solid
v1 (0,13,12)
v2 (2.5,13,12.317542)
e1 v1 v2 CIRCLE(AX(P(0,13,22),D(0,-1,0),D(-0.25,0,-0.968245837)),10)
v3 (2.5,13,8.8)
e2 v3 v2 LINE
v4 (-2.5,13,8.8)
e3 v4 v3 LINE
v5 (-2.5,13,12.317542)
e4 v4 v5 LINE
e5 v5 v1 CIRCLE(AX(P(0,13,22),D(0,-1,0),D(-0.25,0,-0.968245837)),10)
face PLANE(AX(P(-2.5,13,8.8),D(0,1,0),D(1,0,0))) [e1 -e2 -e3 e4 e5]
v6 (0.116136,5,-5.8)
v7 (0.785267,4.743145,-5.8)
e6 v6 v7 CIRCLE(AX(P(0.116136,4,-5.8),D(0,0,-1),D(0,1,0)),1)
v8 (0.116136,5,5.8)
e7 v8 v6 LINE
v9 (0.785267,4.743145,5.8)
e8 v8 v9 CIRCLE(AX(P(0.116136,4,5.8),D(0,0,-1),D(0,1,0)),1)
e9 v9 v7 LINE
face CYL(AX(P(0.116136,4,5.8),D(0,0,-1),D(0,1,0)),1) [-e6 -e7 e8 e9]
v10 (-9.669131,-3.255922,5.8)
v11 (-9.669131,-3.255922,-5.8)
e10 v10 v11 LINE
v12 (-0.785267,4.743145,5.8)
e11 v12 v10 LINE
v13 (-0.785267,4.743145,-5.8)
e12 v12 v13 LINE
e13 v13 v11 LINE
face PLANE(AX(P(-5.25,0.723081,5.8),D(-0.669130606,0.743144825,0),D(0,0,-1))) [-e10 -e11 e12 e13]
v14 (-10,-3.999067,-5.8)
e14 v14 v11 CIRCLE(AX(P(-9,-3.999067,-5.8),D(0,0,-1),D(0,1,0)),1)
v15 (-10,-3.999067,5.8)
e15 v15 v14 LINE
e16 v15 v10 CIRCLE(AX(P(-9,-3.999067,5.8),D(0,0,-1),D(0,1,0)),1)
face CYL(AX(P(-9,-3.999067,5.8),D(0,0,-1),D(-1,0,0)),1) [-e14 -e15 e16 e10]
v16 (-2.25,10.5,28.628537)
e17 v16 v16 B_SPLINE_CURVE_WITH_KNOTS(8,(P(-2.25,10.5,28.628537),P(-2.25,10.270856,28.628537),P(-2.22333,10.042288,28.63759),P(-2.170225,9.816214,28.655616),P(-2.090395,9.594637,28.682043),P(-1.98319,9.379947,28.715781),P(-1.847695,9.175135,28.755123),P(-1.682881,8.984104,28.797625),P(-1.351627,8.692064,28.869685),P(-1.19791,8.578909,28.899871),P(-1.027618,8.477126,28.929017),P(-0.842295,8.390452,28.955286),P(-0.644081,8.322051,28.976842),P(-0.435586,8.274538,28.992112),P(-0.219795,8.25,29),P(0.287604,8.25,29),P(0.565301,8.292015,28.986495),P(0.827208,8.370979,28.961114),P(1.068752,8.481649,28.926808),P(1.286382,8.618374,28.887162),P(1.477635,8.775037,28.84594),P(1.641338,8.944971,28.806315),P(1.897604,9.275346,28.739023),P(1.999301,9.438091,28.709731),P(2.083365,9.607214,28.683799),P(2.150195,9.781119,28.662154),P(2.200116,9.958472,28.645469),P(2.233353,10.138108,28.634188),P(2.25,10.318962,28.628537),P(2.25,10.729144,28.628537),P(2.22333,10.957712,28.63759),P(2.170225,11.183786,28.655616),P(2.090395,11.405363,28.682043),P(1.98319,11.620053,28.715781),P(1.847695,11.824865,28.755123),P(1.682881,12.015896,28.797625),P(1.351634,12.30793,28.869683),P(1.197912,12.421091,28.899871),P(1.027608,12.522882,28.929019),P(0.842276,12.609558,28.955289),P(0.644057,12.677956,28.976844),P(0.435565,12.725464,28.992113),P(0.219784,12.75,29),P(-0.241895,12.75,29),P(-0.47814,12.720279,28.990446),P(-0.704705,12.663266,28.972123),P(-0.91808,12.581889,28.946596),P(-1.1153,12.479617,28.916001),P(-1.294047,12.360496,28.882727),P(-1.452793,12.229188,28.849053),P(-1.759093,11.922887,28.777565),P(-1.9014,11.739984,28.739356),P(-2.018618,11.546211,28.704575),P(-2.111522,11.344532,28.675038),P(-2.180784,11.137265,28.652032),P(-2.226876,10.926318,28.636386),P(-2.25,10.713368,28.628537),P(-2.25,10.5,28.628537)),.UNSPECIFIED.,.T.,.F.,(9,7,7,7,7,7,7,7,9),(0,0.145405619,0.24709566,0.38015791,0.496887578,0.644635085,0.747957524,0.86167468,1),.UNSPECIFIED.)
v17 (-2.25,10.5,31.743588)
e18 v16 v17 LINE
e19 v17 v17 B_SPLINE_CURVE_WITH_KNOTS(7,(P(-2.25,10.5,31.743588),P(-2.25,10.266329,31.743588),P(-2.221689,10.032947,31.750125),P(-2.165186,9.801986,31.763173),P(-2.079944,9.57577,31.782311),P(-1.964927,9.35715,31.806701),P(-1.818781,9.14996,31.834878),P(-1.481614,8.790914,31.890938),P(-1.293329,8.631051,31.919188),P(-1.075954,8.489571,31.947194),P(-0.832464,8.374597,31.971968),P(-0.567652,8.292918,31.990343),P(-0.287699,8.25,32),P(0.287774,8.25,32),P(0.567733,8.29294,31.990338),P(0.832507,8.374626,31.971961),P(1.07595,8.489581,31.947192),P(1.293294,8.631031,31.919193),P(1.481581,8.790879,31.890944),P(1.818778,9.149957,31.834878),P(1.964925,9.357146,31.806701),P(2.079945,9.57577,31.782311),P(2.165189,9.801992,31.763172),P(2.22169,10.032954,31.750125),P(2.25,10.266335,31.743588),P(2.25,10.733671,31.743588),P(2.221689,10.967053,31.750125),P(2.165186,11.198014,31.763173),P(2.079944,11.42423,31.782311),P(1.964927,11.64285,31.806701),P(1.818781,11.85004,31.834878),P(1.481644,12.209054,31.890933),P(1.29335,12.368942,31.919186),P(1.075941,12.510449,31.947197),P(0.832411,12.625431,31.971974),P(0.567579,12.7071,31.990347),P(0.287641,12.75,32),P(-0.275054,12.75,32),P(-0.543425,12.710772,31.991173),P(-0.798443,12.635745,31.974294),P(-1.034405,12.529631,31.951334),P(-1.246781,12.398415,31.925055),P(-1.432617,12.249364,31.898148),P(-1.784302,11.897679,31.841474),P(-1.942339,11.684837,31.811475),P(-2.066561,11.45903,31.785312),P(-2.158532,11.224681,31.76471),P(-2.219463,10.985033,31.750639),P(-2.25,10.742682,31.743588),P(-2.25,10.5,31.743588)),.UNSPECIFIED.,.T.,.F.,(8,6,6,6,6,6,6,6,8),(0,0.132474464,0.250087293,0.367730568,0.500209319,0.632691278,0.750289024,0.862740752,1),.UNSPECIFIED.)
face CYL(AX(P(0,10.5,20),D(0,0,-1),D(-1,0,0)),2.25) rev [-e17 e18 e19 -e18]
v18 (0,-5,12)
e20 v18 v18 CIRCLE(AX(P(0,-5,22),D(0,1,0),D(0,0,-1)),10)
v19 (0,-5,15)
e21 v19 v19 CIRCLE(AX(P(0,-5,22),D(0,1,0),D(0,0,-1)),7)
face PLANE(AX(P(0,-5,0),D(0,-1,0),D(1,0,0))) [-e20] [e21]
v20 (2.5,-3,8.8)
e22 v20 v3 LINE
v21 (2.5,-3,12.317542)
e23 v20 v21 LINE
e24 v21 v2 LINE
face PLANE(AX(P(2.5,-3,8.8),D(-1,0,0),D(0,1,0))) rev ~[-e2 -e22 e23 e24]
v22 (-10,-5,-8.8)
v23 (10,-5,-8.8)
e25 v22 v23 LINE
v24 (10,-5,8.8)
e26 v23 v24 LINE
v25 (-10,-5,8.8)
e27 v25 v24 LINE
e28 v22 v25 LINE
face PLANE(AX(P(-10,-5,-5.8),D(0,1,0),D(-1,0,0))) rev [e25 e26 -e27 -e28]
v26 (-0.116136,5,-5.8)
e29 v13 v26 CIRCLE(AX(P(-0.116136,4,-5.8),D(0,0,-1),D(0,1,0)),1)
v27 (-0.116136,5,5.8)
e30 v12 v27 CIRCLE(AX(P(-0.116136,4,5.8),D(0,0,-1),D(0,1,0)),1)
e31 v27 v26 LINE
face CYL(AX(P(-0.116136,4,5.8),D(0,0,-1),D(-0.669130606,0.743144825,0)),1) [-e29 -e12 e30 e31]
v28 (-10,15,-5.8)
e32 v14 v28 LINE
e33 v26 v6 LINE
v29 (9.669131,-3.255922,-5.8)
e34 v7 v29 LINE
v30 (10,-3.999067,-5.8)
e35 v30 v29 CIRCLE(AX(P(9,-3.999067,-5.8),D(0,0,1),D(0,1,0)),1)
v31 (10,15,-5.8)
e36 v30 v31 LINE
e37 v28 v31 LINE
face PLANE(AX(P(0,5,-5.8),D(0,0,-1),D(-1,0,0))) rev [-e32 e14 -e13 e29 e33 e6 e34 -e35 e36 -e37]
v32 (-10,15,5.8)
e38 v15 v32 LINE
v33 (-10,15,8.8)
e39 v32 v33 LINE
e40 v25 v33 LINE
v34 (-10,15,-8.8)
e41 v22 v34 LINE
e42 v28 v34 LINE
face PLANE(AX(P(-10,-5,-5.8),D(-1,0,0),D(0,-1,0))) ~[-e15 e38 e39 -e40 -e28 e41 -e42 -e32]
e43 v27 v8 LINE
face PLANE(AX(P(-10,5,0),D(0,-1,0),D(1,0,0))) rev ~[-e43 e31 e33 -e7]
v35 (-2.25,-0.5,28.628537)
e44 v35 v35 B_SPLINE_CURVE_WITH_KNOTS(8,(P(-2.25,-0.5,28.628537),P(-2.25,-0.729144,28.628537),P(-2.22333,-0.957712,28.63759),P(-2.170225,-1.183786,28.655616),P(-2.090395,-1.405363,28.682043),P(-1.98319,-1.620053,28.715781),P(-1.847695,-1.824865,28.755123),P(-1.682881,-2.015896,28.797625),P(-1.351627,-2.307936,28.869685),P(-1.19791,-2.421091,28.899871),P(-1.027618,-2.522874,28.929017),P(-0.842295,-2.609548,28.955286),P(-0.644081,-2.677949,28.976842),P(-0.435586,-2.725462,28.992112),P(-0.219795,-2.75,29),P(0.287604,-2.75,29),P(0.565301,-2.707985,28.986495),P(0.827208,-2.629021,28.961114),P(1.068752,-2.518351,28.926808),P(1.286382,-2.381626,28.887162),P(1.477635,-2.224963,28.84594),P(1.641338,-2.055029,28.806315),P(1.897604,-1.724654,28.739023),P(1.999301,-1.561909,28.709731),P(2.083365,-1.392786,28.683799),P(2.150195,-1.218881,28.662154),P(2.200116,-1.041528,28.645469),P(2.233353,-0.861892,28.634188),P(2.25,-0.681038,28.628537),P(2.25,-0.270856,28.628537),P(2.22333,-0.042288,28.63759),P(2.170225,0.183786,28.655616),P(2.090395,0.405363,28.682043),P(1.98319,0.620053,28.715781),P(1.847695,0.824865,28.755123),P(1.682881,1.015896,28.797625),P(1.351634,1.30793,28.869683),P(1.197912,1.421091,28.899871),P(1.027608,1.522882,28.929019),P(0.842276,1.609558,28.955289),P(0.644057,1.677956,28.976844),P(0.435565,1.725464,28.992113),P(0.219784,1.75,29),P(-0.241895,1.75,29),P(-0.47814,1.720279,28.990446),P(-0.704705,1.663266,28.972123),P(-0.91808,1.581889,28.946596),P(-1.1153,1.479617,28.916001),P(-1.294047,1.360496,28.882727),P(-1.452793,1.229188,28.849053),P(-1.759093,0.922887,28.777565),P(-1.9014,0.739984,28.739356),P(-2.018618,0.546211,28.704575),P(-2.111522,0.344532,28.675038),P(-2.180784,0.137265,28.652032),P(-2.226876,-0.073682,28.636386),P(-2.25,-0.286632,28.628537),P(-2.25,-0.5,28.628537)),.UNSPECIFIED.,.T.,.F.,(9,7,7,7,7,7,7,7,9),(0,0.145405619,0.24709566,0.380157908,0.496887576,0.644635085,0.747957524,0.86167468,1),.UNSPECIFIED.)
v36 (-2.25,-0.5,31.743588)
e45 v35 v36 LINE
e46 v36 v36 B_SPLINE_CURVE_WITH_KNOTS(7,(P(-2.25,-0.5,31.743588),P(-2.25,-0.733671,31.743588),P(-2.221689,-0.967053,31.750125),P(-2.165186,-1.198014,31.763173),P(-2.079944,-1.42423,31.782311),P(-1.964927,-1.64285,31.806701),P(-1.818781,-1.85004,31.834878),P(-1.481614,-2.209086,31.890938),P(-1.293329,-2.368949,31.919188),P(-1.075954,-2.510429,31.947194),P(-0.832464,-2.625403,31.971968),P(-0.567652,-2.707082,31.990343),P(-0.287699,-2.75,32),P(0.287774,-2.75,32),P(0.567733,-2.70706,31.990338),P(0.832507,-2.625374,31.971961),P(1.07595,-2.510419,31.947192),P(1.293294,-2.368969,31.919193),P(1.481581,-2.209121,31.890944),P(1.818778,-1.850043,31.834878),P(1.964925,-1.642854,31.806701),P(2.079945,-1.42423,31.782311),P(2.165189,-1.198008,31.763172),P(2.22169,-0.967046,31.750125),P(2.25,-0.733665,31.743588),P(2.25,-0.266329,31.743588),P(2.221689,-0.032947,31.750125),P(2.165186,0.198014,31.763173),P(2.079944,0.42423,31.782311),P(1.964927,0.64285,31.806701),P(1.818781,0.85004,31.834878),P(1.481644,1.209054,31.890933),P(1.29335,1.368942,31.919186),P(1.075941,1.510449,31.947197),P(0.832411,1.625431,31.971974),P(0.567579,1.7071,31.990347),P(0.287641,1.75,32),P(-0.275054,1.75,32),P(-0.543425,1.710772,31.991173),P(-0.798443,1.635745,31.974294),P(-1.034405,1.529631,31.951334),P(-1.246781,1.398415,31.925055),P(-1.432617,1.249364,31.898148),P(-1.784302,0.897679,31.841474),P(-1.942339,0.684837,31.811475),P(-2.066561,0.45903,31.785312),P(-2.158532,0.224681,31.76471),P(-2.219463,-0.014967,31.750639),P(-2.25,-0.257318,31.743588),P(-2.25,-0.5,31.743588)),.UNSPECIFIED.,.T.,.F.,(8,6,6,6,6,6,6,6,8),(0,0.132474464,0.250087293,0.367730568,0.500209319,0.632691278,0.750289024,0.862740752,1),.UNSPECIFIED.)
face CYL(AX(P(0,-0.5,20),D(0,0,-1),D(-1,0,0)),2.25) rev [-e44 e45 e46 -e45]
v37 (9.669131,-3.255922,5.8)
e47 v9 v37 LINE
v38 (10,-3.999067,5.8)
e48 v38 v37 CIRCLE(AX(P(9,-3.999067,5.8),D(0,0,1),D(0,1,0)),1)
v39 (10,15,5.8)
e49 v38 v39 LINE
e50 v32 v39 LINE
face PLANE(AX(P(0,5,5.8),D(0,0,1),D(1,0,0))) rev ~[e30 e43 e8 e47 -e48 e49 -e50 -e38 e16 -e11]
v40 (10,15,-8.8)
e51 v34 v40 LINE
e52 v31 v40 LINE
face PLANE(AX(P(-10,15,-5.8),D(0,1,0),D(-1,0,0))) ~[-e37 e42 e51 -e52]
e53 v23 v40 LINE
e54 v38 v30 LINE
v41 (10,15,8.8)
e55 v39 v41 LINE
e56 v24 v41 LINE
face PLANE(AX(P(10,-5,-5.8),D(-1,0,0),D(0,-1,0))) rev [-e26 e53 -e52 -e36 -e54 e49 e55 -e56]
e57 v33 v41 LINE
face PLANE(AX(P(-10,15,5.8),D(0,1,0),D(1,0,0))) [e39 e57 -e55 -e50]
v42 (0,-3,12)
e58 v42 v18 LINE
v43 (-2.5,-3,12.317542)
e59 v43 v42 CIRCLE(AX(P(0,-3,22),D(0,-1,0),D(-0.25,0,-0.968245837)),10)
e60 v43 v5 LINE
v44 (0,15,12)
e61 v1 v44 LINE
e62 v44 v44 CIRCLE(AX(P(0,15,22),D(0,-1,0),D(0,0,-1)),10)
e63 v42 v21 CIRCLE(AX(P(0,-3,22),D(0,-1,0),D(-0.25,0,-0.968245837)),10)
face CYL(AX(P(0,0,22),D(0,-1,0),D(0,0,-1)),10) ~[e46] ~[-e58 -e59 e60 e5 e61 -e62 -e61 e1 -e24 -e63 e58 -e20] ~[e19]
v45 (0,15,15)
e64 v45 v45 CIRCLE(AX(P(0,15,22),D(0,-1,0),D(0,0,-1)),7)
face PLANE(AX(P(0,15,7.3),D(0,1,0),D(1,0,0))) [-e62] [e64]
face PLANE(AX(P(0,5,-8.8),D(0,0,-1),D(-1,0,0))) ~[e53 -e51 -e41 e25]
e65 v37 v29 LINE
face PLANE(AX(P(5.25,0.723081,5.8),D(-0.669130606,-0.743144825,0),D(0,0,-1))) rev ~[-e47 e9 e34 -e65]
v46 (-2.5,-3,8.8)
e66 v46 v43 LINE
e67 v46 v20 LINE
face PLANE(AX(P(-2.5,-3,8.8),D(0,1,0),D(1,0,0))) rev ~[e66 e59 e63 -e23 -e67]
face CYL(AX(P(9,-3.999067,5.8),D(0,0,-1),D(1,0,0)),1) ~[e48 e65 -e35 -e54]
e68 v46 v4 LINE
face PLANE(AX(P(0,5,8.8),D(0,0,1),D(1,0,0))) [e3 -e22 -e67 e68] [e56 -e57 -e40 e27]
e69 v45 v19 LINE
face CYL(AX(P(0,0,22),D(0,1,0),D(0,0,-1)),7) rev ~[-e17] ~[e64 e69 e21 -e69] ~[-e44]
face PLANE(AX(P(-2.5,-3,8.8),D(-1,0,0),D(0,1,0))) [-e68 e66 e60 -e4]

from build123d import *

# Parameters (mm, degrees)
SKETCH2_W                       = 20
SKETCH2_H                       = 10
BOSS_EXTRUDE1_DEPTH             = 5.8
CHAMFER1_SIZE                   = 9.5
CHAMFER1_SIZE2                  = 8.553838421
FILLET3_R                       = 1
SKETCH3_W                       = 20
SKETCH3_H                       = 20
BOSS_EXTRUDE2_DEPTH             = 3
BOSS_EXTRUDE3_REACH             = 22.061
SKETCH6_R                       = 10
SKETCH6_R_2                     = 7
BOSS_EXTRUDE3_DIRECTION_2_REACH = 22.061
BOSS_EXTRUDE4_REACH             = 31.381
BOSS_EXTRUDE4_END_RADIUS        = 10
SKETCH5_W                       = 5
SKETCH5_H                       = 16
CUT_EXTRUDE1_REACH              = 35.977
CUT_EXTRUDE1_END_RADIUS         = 10
SKETCH7_R                       = 2.25


with BuildPart() as part:
    # Sketch2 → Boss-Extrude1 (new, symmetric)
    with BuildSketch(Plane.XY):
        Rectangle(SKETCH2_W, SKETCH2_H)
    extrude(amount=BOSS_EXTRUDE1_DEPTH, both=True)

    # Chamfer1
    chamfer1_edges = [part.edges().sort_by_distance(p)[0] for p in [
        (-10, 5, 0),
        (10, 5, 0),
    ]]
    chamfer1_side = [part.faces().sort_by_distance(p)[0] for p in [
        (0, 5, 0),
    ]]
    chamfer(chamfer1_edges, length=CHAMFER1_SIZE, length2=CHAMFER1_SIZE2, reference=chamfer1_side[0])

    # Fillet3
    fillet3_edges = [part.edges().sort_by_distance(p)[0] for p in [
        (-0.5, 5, 0),
        (0.5, 5, 0),
        (10, -3.553838421, 0),
        (-10, -3.553838421, 0),
    ]]
    fillet(fillet3_edges, radius=FILLET3_R)

    # Sketch3 → Boss-Extrude2 (add)
    with BuildSketch(Plane.XY.offset(5.8)):
        with Locations((0, 5)):
            Rectangle(SKETCH3_W, SKETCH3_H)
    boss_extrude2 = extrude(amount=BOSS_EXTRUDE2_DEPTH)

    # Mirror1: Boss-Extrude2 across plane
    add(boss_extrude2.mirror(Plane.XY))


with BuildPart() as body_2:

    # Boss-Extrude3: up to this face of the body (flat: up to its plane)
    boss_extrude3_end = Plane(part.part.faces().sort_by_distance((0, 15, 7.3))[0])
    # Sketch6 → Boss-Extrude3 (new, up to the picked face)
    with BuildSketch(Plane(origin=(0, 0, 0), x_dir=(1, 0, 0), z_dir=(0, 1, 0)), mode=Mode.PRIVATE) as boss_extrude3_sk1:
        with Locations(Location((0, -22, 0), (0, 0, 90))):
            Circle(SKETCH6_R)
        with Locations(Location((0, -22, 0), (0, 0, 90))):
            Circle(SKETCH6_R_2, mode=Mode.SUBTRACT)
    boss_extrude3_tool1 = split(extrude(boss_extrude3_sk1.sketch, amount=BOSS_EXTRUDE3_REACH, mode=Mode.PRIVATE), bisect_by=boss_extrude3_end, keep=Keep.BOTH, mode=Mode.PRIVATE)
    add(boss_extrude3_tool1.solids().sort_by(Axis((0, 0, 31.717157), (0, 1, 0)))[0])


    # Boss-Extrude3 direction 2: up to this face of the body (flat: up to its plane)
    boss_extrude3_direction_2_end = Plane(part.part.faces().sort_by_distance((0, -5, 0))[0])
    # Sketch6 → Boss-Extrude3 direction 2 (add, up to the picked face)
    with BuildSketch(Plane(origin=(0, 0, 0), x_dir=(1, 0, 0), z_dir=(0, 1, 0)), mode=Mode.PRIVATE) as boss_extrude3_direction_2_sk1:
        with Locations(Location((0, -22, 0), (0, 0, 90))):
            Circle(SKETCH6_R)
        with Locations(Location((0, -22, 0), (0, 0, 90))):
            Circle(SKETCH6_R_2, mode=Mode.SUBTRACT)
    boss_extrude3_direction_2_tool1 = split(extrude(boss_extrude3_direction_2_sk1.sketch, amount=-BOSS_EXTRUDE3_DIRECTION_2_REACH, mode=Mode.PRIVATE), bisect_by=boss_extrude3_direction_2_end, keep=Keep.BOTH, mode=Mode.PRIVATE)
    add(boss_extrude3_direction_2_tool1.solids().sort_by(Axis((0, 0, 31.717157), (0, -1, 0)))[0])


with BuildPart() as part_1:
    add(part.part)

    add(body_2.part)  # Boss-Extrude4 merges body 2
    # Boss-Extrude4: up to this cylinder (the profile starts outside it)
    boss_extrude4_end = Plane(origin=(0, 5, 22), z_dir=(0, -1, 0)) * Cylinder(BOSS_EXTRUDE4_END_RADIUS, 83.762, mode=Mode.PRIVATE)
    # Sketch5 → Boss-Extrude4 (add, up to the surface)
    with BuildSketch(Plane.XY.offset(8.8), mode=Mode.PRIVATE) as boss_extrude4_sk1:
        with Locations((0, 5)):
            Rectangle(SKETCH5_W, SKETCH5_H)
    boss_extrude4_tool1 = extrude(boss_extrude4_sk1.sketch, amount=BOSS_EXTRUDE4_REACH, mode=Mode.PRIVATE) - boss_extrude4_end
    add(boss_extrude4_tool1.solids().sort_by_distance((0, 5, 8.8))[0])

    # Cut-Extrude1: up to this cylinder (the profile starts inside it)
    cut_extrude1_end = Plane(origin=(0, 5, 22), z_dir=(0, -1, 0)) * Cylinder(CUT_EXTRUDE1_END_RADIUS, 103.954, mode=Mode.PRIVATE)
    # Sketch7 → Cut-Extrude1 (cut, up to the surface)
    with BuildSketch(Plane.XY.offset(20), mode=Mode.PRIVATE) as cut_extrude1_sk1:
        with Locations(Location((0, 10.5, 0), (0, 0, 180))):
            Circle(SKETCH7_R)
    cut_extrude1_tool1 = extrude(cut_extrude1_sk1.sketch, amount=CUT_EXTRUDE1_REACH, mode=Mode.PRIVATE) & cut_extrude1_end
    add(cut_extrude1_tool1.solids().sort_by_distance((0, 10.5, 20))[0], mode=Mode.SUBTRACT)
    # Sketch7 → Cut-Extrude1 (cut, up to the surface)
    with BuildSketch(Plane.XY.offset(20), mode=Mode.PRIVATE) as cut_extrude1_sk2:
        with Locations(Location((0, -0.5, 0), (0, 0, 180))):
            Circle(SKETCH7_R)
    cut_extrude1_tool2 = extrude(cut_extrude1_sk2.sketch, amount=CUT_EXTRUDE1_REACH, mode=Mode.PRIVATE) & cut_extrude1_end
    add(cut_extrude1_tool2.solids().sort_by_distance((0, -0.5, 20))[0], mode=Mode.SUBTRACT)


solid = part_1.part
